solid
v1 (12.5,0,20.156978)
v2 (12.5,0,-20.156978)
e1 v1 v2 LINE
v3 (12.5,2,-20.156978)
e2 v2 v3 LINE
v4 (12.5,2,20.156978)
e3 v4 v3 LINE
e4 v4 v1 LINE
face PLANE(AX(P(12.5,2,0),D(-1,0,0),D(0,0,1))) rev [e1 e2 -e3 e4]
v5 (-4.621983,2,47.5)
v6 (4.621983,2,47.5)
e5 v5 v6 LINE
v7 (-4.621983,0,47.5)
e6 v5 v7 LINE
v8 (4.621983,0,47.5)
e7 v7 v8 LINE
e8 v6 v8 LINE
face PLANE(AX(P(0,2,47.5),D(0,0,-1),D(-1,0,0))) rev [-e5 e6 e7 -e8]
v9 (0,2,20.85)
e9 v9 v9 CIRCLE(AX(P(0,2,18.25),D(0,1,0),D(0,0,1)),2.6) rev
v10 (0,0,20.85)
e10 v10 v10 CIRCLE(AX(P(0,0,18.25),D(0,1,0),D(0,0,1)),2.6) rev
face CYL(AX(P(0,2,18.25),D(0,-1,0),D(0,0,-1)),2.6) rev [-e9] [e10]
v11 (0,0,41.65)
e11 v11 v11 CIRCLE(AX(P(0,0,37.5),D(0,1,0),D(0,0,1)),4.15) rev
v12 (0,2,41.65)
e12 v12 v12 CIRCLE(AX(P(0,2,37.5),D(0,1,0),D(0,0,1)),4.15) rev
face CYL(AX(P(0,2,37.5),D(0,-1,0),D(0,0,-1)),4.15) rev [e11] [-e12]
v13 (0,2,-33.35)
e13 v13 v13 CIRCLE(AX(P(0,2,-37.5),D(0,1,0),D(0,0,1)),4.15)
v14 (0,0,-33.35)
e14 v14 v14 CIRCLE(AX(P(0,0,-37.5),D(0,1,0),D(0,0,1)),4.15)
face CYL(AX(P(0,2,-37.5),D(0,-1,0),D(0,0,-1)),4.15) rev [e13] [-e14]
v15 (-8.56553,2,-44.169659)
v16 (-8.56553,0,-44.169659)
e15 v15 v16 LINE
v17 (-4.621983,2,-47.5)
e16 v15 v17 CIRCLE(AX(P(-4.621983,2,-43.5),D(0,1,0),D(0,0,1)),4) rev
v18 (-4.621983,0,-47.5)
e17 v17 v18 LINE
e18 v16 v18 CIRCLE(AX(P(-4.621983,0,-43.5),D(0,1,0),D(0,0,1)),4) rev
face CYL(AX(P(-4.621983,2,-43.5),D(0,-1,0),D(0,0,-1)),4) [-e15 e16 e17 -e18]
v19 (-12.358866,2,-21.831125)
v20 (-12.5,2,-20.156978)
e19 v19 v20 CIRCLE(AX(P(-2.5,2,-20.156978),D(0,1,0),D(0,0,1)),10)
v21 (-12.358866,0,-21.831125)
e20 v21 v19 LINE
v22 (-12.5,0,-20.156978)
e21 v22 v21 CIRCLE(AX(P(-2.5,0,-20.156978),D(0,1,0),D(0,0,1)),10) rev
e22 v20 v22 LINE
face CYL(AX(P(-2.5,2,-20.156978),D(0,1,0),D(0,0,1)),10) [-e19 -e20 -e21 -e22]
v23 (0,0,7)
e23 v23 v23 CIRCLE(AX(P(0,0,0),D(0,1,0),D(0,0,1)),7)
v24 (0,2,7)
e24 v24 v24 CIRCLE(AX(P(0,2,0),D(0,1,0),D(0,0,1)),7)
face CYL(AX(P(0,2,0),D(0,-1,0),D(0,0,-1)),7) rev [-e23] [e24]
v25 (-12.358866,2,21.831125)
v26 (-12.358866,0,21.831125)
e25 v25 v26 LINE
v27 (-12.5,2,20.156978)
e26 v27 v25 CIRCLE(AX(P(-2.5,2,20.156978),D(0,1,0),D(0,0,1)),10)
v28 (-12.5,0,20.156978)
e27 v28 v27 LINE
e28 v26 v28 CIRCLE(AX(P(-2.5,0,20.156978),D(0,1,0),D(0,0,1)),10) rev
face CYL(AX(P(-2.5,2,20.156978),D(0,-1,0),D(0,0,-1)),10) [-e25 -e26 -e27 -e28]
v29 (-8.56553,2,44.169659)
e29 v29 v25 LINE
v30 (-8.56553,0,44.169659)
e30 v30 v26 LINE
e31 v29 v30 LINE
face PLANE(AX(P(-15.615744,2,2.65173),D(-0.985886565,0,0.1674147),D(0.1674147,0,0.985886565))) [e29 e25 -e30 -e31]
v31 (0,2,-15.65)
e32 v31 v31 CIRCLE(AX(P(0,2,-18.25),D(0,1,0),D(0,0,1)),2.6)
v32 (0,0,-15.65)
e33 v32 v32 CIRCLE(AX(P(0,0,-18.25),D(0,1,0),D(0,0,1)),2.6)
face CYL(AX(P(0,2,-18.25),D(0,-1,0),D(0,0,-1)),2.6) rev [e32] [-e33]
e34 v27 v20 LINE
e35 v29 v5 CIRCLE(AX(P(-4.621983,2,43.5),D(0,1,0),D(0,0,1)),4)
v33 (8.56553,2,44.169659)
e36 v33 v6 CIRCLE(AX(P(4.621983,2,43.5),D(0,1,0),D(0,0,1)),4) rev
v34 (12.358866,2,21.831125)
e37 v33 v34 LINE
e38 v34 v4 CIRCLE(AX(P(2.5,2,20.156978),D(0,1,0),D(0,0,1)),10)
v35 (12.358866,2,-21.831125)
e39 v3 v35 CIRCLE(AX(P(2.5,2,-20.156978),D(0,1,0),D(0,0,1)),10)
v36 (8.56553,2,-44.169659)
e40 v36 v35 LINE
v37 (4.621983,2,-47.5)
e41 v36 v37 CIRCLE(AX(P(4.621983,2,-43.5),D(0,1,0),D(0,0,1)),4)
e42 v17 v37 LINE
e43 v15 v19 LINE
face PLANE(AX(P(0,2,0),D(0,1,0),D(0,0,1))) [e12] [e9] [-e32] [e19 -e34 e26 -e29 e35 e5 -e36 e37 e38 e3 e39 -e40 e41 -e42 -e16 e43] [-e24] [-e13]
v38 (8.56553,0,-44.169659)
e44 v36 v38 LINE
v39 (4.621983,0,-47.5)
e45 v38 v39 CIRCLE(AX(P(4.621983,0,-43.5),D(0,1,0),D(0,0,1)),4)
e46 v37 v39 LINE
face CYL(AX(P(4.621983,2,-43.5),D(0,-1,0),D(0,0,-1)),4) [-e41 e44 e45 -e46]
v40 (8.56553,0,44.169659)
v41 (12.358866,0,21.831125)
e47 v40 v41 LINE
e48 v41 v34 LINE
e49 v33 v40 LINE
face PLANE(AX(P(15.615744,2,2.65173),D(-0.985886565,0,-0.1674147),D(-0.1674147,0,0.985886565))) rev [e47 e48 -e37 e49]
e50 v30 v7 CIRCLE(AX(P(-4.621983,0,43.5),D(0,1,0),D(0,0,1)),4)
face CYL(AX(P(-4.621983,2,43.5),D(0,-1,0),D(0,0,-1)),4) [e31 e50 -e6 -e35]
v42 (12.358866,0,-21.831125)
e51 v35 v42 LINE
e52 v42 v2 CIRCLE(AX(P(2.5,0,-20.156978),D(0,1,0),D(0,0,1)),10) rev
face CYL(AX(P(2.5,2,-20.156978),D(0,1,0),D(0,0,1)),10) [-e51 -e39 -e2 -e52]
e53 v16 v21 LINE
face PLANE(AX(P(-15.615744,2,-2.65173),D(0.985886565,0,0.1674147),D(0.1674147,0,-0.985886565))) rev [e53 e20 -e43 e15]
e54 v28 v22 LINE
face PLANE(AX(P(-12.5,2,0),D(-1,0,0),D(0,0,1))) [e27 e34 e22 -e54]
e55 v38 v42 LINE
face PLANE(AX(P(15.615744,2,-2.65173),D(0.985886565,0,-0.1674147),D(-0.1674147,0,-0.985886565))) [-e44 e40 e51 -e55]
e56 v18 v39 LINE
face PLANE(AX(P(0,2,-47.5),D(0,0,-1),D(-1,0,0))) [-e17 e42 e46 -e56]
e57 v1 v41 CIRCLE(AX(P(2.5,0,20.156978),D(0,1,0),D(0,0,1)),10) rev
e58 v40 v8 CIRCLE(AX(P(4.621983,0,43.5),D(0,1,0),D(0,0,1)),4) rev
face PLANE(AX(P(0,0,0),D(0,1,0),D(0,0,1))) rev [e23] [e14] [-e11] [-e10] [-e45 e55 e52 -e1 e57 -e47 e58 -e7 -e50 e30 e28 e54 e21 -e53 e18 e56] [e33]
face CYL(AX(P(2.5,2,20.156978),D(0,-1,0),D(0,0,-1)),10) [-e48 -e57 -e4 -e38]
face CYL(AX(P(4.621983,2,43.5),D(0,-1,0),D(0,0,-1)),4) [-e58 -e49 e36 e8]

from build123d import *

# Parameters (mm, degrees)
SKETCH1_R           = 7
SKETCH1_R_2         = 4.15
SKETCH1_R_3         = 2.6
BOSS_EXTRUDE1_DEPTH = 2
FILLET1_R           = 10


with BuildPart() as part:
    # Sketch1 → Boss-Extrude1 (new body)
    with BuildSketch(Plane(origin=(0, 0, 0), x_dir=(1, 0, 0), z_dir=(0, 1, 0))):
        with BuildLine():
            Line((-4.621983379, 47.5), (4.621983379, 47.5))
            ThreePointArc((4.621983379, 47.5), (7.202813169, 46.556029711), (8.565529638, 44.169658799))
            Line((8.565529638, 44.169658799), (12.5, 21))
            Line((12.5, 21), (12.5, -21))
            Line((12.5, -21), (8.565529638, -44.169658799))
            ThreePointArc((8.565529638, -44.169658799), (7.202813169, -46.556029711), (4.621983379, -47.5))
            Line((4.621983379, -47.5), (-4.621983379, -47.5))
            ThreePointArc((-4.621983379, -47.5), (-7.202813169, -46.556029711), (-8.565529638, -44.169658799))
            Line((-8.565529638, -44.169658799), (-12.5, -21))
            Line((-12.5, -21), (-12.5, 21))
            Line((-12.5, 21), (-8.565529638, 44.169658799))
            ThreePointArc((-8.565529638, 44.169658799), (-7.202813169, 46.556029711), (-4.621983379, 47.5))
        make_face()
        with Locations(Location((0, 0, 0), (0, 0, 270))):
            Circle(SKETCH1_R, mode=Mode.SUBTRACT)
        with Locations(Location((0, 37.5, 0), (0, 0, 270))):
            Circle(SKETCH1_R_2, mode=Mode.SUBTRACT)
        with Locations(Location((0, -37.5, 0), (0, 0, 270))):
            Circle(SKETCH1_R_2, mode=Mode.SUBTRACT)
        with Locations(Location((0, 18.25, 0), (0, 0, 270))):
            Circle(SKETCH1_R_3, mode=Mode.SUBTRACT)
        with Locations(Location((0, -18.25, 0), (0, 0, 270))):
            Circle(SKETCH1_R_3, mode=Mode.SUBTRACT)
    extrude(amount=BOSS_EXTRUDE1_DEPTH)

    # Fillet1
    fillet1_edges = [part.edges().sort_by_distance(p)[0] for p in [
        (-12.5, 1, 21),
        (-12.5, 1, -21),
        (12.5, 1, -21),
        (12.5, 1, 21),
    ]]
    fillet(fillet1_edges, radius=FILLET1_R)


solid = part.part
